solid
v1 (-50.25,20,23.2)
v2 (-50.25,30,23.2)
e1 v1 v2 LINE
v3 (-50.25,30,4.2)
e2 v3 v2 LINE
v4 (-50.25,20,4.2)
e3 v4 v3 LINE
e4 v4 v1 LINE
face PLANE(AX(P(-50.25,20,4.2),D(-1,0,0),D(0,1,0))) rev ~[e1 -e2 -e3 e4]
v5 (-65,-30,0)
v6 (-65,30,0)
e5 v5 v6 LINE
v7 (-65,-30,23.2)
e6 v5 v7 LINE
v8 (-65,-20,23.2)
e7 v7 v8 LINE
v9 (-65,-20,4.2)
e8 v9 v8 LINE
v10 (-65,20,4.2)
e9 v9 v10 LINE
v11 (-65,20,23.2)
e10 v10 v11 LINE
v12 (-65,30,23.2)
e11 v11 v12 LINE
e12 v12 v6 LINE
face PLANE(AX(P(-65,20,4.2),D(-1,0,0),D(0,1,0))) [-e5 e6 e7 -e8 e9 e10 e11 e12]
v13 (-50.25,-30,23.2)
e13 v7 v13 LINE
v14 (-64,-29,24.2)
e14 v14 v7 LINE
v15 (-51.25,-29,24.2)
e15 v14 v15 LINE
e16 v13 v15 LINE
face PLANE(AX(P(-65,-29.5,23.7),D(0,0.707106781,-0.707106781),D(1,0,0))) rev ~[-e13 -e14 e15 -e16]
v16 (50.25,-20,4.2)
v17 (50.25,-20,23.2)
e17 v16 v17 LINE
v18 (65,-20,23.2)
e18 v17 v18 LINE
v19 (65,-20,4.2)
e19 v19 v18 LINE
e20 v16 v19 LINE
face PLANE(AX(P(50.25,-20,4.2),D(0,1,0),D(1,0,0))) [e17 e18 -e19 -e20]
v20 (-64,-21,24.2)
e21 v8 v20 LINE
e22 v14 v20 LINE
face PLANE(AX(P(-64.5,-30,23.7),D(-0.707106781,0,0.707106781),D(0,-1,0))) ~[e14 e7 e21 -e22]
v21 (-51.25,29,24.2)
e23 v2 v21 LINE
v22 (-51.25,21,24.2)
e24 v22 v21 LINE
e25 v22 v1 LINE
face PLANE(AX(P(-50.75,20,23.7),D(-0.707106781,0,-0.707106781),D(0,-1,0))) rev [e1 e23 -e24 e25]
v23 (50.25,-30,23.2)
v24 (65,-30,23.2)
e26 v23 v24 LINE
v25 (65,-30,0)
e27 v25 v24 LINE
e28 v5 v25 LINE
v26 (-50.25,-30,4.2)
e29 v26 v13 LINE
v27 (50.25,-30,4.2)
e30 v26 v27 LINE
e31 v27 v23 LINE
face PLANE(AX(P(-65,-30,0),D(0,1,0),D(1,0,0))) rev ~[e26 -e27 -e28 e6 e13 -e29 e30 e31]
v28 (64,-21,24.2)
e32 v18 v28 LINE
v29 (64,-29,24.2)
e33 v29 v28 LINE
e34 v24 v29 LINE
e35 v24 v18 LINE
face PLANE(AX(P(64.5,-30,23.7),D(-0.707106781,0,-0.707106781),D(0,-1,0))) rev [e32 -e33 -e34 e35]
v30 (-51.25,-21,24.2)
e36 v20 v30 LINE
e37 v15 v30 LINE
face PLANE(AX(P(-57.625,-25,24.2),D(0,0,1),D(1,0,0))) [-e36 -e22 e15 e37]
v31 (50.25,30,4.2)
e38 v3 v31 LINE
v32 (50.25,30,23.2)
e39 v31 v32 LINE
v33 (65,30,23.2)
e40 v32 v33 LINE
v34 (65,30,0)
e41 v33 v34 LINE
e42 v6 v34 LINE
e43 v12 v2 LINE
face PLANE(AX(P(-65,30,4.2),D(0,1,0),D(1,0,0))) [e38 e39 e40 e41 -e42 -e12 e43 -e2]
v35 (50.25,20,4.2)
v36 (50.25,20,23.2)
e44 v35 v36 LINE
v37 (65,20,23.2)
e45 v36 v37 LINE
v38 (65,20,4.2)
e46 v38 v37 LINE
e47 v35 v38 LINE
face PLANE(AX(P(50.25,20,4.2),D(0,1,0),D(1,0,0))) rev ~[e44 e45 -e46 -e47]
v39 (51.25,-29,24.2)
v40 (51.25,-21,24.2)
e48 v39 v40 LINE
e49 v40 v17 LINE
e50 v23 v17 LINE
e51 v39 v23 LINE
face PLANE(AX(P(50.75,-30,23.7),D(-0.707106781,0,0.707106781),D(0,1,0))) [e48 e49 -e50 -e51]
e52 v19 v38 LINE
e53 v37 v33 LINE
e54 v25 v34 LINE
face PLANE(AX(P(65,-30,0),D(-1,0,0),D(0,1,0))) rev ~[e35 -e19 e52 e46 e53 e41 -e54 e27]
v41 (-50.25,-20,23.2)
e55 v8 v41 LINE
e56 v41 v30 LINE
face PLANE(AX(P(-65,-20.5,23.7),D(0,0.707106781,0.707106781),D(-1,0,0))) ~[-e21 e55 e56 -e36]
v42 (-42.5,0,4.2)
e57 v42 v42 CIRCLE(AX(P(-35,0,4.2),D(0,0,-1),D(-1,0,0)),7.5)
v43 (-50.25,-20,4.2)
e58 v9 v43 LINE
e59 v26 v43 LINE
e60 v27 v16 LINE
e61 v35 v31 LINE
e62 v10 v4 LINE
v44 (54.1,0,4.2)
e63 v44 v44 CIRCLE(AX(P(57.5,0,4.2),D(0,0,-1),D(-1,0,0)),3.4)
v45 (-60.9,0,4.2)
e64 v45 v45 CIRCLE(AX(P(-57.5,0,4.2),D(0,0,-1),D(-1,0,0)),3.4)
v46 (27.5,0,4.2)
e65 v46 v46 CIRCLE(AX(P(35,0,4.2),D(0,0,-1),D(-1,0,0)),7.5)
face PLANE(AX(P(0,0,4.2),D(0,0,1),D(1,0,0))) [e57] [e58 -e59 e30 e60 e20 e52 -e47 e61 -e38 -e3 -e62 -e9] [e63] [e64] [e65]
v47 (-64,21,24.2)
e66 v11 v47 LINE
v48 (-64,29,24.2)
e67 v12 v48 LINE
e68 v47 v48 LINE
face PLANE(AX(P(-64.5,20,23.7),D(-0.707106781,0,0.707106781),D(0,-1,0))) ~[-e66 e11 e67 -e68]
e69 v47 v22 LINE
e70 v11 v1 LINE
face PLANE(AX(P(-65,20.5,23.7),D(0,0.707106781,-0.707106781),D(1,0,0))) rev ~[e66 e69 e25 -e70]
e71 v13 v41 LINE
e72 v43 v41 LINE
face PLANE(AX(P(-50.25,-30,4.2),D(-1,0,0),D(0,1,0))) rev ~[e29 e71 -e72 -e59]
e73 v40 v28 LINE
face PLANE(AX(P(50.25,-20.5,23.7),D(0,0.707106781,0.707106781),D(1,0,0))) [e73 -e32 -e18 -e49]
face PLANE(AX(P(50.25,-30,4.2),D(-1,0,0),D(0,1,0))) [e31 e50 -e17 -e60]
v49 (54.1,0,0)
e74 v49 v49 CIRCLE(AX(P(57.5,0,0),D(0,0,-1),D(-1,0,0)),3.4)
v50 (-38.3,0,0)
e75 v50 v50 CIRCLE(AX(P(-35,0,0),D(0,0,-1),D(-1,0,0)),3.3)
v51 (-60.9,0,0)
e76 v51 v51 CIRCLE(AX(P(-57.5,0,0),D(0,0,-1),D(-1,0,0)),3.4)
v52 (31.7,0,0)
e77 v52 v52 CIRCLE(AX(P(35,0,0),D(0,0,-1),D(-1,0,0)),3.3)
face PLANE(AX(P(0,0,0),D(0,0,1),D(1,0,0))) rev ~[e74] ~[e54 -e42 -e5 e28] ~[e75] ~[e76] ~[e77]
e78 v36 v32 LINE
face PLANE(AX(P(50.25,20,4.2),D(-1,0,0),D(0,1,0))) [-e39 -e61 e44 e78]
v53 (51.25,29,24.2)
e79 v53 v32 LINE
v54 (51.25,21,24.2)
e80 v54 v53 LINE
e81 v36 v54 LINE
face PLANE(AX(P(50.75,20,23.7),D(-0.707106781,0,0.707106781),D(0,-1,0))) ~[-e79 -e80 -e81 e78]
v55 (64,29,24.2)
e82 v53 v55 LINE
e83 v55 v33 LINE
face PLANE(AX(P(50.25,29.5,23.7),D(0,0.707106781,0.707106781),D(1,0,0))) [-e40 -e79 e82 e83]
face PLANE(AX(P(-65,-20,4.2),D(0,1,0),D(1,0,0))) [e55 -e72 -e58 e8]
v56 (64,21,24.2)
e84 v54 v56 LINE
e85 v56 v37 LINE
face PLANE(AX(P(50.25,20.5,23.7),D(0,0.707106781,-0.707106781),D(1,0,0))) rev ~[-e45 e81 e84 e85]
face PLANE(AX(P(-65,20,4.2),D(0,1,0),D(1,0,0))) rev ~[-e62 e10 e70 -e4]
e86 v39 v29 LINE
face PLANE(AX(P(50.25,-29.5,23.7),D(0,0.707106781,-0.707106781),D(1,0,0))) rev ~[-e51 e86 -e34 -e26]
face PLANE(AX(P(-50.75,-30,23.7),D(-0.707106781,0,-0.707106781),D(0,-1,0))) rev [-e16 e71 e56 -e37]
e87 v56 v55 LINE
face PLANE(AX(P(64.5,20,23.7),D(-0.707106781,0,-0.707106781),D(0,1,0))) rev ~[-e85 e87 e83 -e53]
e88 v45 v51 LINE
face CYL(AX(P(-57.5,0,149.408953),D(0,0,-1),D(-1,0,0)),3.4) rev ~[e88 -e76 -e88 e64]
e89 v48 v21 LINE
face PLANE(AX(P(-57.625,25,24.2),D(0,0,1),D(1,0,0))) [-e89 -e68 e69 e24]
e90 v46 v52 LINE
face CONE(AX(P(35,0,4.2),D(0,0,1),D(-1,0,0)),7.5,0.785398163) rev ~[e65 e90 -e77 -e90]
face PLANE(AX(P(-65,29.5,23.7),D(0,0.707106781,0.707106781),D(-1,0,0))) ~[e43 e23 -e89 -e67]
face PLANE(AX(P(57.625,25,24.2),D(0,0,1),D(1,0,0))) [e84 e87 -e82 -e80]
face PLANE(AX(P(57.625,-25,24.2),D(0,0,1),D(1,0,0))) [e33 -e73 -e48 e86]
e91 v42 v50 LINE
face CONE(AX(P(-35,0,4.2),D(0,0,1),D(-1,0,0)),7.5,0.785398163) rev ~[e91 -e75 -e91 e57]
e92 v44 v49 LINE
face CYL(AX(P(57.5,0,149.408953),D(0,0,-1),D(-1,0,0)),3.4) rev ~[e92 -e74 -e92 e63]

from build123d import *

# Parameters (mm, degrees)
F0_W           = 130
F0_H           = 60
F1_DEPTH       = 4.2
F2_W           = 14.75
F2_H           = 10
F3_DEPTH       = 20
F5_D           = 6.8
F7_D           = 6
F7_CSINK_D     = 15
F7_CSINK_ANGLE = 90
F8_SIZE        = 1


with BuildPart() as f1:
    # F0 (on Top) → F1 (new body)
    with BuildSketch(Plane.XY):
        Rectangle(F0_W, F0_H)
    extrude(amount=F1_DEPTH)

    # F2 (on face) → F3 (join)
    with BuildSketch(Plane.XY.offset(4.2)):
        with Locations((-57.625, 25)):
            Rectangle(F2_W, F2_H)
        with Locations((-57.625, -25)):
            Rectangle(F2_W, F2_H)
        with Locations((57.625, -25)):
            Rectangle(F2_W, F2_H)
        with Locations((57.625, 25)):
            Rectangle(F2_W, F2_H)
    extrude(amount=F3_DEPTH)

    # F5 (through all)
    with Locations(Plane.XY.offset(4.2)):
        with Locations((57.5, 0), (-57.5, 0)):
            Hole(F5_D / 2)

    # F7 (through all)
    with Locations(Plane.XY.offset(4.2)):
        with Locations((35, 0), (-35, 0)):
            CounterSinkHole(F7_D / 2, F7_CSINK_D / 2, counter_sink_angle=F7_CSINK_ANGLE)

    # F8
    f8_edges = [f1.edges().sort_by_distance(p)[0] for p in [
        (-50.25, -25, 24.2),
        (-57.625, -30, 24.2),
        (-65, -25, 24.2),
        (-57.625, -20, 24.2),
        (-57.625, 30, 24.2),
        (-65, 25, 24.2),
        (-57.625, 20, 24.2),
        (-50.25, 25, 24.2),
        (65, -25, 24.2),
        (57.625, -20, 24.2),
        (50.25, -25, 24.2),
        (57.625, -30, 24.2),
        (57.625, 30, 24.2),
        (50.25, 25, 24.2),
        (57.625, 20, 24.2),
        (65, 25, 24.2),
    ]]
    chamfer(f8_edges, length=F8_SIZE)


solid = f1.part
